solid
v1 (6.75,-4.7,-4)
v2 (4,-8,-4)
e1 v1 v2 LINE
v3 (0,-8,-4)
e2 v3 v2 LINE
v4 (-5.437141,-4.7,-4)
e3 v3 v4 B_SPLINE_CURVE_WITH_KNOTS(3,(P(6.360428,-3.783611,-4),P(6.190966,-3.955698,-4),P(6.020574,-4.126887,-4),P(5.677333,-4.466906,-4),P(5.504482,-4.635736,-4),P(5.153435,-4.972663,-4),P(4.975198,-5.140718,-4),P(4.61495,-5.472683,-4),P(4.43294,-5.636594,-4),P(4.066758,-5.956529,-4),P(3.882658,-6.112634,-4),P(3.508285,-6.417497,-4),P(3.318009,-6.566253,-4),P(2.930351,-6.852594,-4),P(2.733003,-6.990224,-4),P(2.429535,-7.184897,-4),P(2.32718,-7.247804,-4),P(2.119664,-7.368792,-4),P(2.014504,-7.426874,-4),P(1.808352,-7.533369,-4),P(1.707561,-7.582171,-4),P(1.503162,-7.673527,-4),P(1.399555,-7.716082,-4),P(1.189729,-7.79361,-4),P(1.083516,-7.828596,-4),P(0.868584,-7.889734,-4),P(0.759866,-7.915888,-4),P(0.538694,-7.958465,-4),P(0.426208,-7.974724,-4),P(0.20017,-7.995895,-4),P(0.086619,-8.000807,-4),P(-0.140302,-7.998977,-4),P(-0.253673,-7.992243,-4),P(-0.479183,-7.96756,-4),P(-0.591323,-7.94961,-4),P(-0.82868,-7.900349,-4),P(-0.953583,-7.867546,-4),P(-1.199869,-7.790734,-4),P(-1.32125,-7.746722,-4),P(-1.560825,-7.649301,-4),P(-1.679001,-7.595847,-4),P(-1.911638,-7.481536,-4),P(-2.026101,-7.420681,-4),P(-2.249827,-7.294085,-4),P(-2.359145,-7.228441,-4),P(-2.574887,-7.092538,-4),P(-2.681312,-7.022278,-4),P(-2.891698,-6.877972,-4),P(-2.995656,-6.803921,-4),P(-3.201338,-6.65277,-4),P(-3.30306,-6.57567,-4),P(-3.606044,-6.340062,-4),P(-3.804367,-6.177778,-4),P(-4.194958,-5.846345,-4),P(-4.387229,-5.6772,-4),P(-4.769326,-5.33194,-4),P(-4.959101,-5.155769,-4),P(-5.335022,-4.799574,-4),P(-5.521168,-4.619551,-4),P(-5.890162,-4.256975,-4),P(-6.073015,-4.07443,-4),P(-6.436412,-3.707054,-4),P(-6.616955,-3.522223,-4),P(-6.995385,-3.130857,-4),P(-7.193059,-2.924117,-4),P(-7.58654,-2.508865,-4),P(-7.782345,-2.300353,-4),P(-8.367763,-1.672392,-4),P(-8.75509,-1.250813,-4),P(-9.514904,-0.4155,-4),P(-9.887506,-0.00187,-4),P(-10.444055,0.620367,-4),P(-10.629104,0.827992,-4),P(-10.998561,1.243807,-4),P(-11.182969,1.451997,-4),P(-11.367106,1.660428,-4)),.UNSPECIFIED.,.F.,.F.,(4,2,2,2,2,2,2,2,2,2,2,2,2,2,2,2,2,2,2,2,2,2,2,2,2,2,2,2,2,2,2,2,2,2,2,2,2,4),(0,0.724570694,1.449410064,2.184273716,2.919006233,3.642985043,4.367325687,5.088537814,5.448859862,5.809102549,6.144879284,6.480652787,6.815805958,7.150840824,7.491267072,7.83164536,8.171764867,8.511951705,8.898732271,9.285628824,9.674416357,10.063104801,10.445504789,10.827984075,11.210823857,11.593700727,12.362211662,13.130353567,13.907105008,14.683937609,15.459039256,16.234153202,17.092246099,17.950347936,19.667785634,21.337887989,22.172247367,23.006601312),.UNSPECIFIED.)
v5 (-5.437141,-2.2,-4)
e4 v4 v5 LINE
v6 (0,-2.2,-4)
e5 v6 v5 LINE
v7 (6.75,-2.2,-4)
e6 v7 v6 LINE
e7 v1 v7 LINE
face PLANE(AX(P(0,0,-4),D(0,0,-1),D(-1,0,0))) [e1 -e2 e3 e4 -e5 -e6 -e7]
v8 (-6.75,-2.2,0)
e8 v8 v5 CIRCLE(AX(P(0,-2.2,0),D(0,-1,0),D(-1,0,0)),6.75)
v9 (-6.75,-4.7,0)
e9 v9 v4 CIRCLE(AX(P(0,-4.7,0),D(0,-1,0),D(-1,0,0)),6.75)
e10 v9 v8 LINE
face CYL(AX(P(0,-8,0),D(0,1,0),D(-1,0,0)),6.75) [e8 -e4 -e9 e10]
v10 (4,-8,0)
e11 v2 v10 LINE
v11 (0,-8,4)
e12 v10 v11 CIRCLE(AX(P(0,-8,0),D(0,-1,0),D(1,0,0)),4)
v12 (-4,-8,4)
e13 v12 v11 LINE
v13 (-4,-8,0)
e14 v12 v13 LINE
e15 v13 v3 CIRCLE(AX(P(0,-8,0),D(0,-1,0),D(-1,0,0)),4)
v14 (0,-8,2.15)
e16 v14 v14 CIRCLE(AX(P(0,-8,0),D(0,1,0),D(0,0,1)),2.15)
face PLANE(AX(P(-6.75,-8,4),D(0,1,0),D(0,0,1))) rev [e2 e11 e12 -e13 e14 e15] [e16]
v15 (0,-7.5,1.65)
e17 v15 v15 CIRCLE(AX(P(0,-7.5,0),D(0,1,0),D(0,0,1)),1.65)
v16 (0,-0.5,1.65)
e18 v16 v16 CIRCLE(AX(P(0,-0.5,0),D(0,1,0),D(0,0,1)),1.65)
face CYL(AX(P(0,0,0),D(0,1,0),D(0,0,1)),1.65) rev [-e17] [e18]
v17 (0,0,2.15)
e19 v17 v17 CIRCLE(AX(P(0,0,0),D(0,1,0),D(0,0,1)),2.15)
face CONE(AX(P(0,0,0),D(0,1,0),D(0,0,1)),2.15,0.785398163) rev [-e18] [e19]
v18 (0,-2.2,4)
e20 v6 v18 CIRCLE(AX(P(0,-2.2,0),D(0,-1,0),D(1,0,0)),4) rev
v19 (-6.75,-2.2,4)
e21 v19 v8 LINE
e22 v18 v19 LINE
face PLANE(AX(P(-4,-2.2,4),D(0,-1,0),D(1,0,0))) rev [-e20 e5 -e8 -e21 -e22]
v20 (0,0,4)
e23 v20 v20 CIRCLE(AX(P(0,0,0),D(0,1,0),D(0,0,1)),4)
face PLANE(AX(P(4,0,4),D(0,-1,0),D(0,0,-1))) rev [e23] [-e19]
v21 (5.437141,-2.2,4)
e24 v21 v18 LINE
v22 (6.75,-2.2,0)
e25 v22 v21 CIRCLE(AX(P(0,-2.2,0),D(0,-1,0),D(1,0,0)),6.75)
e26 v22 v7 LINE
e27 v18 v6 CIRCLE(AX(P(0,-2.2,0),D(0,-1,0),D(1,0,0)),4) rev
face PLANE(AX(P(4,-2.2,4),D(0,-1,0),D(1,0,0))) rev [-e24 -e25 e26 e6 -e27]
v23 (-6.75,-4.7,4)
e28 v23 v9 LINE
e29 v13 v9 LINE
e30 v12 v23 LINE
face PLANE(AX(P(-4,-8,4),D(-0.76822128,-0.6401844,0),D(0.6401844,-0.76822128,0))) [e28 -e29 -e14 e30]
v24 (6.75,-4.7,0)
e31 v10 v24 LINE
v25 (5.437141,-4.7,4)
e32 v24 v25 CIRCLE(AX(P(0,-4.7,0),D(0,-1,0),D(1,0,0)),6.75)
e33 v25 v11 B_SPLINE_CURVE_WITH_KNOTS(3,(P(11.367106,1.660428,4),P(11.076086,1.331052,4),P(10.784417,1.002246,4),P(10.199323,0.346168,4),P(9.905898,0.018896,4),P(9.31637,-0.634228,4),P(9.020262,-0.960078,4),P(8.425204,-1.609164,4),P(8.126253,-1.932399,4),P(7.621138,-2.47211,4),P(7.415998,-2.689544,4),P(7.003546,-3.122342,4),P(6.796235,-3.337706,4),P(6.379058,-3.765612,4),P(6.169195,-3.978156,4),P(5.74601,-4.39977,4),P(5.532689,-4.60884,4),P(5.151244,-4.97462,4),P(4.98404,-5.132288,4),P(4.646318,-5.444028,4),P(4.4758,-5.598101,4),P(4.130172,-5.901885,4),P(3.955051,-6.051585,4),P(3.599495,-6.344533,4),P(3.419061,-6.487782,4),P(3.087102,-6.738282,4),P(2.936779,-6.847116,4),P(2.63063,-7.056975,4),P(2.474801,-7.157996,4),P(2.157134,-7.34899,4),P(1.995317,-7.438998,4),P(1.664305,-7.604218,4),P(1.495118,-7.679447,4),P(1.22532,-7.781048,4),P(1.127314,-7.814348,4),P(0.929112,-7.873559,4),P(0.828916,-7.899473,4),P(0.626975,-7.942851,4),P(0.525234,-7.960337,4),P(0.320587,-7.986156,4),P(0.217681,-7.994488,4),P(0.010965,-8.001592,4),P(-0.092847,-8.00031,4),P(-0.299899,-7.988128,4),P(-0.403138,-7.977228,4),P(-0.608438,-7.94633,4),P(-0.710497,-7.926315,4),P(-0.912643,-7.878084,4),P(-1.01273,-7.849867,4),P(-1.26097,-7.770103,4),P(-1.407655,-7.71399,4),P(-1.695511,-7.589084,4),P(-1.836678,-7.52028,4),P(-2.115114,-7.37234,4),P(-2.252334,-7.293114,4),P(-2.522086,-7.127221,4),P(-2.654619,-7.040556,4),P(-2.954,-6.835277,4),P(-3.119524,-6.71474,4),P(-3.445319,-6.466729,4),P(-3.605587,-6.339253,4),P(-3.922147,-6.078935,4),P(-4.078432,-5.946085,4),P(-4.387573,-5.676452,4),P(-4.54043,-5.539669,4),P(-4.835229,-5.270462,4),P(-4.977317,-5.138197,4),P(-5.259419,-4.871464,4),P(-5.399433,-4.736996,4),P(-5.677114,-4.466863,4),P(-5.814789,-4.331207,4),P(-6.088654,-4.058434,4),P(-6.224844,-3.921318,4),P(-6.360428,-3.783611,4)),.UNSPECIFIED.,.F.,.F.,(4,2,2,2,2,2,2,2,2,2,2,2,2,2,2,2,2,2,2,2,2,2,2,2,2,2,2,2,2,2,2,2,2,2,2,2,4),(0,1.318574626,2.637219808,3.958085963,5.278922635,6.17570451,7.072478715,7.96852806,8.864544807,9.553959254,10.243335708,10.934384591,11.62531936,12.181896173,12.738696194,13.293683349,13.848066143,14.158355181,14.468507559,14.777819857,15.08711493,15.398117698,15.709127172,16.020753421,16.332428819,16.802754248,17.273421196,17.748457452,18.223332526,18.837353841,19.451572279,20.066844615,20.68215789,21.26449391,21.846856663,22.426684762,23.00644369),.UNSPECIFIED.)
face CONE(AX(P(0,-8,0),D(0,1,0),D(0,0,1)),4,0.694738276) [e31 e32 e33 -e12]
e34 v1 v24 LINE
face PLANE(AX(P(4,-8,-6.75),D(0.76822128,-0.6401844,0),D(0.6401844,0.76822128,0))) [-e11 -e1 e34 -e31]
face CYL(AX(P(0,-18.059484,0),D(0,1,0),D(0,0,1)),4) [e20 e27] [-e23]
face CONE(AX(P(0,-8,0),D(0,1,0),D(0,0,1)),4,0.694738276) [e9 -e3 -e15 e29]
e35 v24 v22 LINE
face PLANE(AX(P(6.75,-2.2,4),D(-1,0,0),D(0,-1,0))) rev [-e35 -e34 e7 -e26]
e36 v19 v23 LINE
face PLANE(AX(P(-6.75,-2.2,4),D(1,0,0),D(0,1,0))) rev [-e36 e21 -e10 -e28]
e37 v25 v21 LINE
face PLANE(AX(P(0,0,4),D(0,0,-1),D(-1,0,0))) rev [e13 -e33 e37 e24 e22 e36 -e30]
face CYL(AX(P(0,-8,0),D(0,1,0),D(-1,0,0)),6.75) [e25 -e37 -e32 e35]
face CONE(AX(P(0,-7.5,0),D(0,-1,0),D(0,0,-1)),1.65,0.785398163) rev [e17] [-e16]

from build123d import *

# Parameters (mm, degrees)
EXTRUDE_1_DEPTH     = 4
SKETCH_4_OUTSIDE_W  = 19.022
SKETCH_4_OUTSIDE_H  = 13.522
SKETCH_4_OUTSIDE_R  = 4
CUT_EXTRUDE_1_DEPTH = 2.2
CUT_EXTRUDE_2_DEPTH = 6.8


with BuildPart() as part:
    # Эскиз1 → Бобышка-Вытянуть1 (new body, symmetric)
    with BuildSketch(Plane.XY):
        Polygon((4, 0), (-4, 0), (-4, -2.2), (-6.75, -2.2), (-6.75, -8), (6.75, -8), (6.75, -2.2), (4, -2.2), align=None)
    extrude(amount=EXTRUDE_1_DEPTH, both=True)

    # Эскиз3 → Отверстие обработанное метчиком M41 (revolve, cut)
    with BuildSketch(Plane(origin=(0, 0, 0), x_dir=(0, 0, 1), z_dir=(1, 0, 0))):
        Polygon((0, 0), (0, 8), (2.15, 8), (1.65, 7.5), (1.65, 0.5), (2.15, 0), align=None)
    revolve(axis=Axis((0, 6.35, 0), (0, -1, 0)), mode=Mode.SUBTRACT)

    # Эскиз4 outside → Вырез-Вытянуть1 (cut)
    with BuildSketch(Plane(origin=(0, 0, 0), x_dir=(1, 0, 0), z_dir=(0, 1, 0))):
        Rectangle(SKETCH_4_OUTSIDE_W, SKETCH_4_OUTSIDE_H)
        with Locations(Location((0, 0, 0), (0, 0, 270))):  # turned: the seam where the file's is
            Circle(SKETCH_4_OUTSIDE_R, mode=Mode.SUBTRACT)
    extrude(amount=-CUT_EXTRUDE_1_DEPTH, mode=Mode.SUBTRACT)

    # Эскиз5 → Вырез-Вытянуть2 (cut, through all)
    with BuildSketch(Plane(origin=(0, -2.2, 0), x_dir=(1, 0, 0), z_dir=(0, 1, 0))):
        with BuildLine():
            Line((-6.75, 0), (-6.75, 4))
            Line((-6.75, 4), (-5.437140793, 4))
            ThreePointArc((-5.437140793, 4), (-6.413392252, 2.104970267), (-6.75, 0))
        make_face()
        with BuildLine():
            Line((6.75, 0), (6.75, -4))
            Line((6.75, -4), (5.437140793, -4))
            ThreePointArc((5.437140793, -4), (6.413392252, -2.104970267), (6.75, 0))
        make_face()
    extrude(amount=-CUT_EXTRUDE_2_DEPTH, mode=Mode.SUBTRACT)

    # Вырез-По траектории1: sweep along a path in Эскиз7
    with BuildLine(Plane.XZ.offset(8)) as sweep_1_path:
        Line((0, 6.75), (-6.75, 6.75))
        Line((-6.75, 6.75), (-6.75, 0))
        ThreePointArc((-6.75, 0), (-4.772970773, -4.772970773), (0, -6.75))
        Line((0, -6.75), (6.75, -6.75))
        Line((6.75, -6.75), (6.75, 0))
        ThreePointArc((6.75, 0), (4.772970773, 4.772970773), (0, 6.75))
    # Эскиз6 → Вырез-По траектории1 (sweep, cut)
    with BuildSketch(Plane.XY.offset(4)):
        Polygon((-6.75, -4.7), (-6.75, -8), (-4, -8), align=None)
    sweep(path=sweep_1_path.line, transition=Transition.RIGHT, mode=Mode.SUBTRACT)


solid = part.part
